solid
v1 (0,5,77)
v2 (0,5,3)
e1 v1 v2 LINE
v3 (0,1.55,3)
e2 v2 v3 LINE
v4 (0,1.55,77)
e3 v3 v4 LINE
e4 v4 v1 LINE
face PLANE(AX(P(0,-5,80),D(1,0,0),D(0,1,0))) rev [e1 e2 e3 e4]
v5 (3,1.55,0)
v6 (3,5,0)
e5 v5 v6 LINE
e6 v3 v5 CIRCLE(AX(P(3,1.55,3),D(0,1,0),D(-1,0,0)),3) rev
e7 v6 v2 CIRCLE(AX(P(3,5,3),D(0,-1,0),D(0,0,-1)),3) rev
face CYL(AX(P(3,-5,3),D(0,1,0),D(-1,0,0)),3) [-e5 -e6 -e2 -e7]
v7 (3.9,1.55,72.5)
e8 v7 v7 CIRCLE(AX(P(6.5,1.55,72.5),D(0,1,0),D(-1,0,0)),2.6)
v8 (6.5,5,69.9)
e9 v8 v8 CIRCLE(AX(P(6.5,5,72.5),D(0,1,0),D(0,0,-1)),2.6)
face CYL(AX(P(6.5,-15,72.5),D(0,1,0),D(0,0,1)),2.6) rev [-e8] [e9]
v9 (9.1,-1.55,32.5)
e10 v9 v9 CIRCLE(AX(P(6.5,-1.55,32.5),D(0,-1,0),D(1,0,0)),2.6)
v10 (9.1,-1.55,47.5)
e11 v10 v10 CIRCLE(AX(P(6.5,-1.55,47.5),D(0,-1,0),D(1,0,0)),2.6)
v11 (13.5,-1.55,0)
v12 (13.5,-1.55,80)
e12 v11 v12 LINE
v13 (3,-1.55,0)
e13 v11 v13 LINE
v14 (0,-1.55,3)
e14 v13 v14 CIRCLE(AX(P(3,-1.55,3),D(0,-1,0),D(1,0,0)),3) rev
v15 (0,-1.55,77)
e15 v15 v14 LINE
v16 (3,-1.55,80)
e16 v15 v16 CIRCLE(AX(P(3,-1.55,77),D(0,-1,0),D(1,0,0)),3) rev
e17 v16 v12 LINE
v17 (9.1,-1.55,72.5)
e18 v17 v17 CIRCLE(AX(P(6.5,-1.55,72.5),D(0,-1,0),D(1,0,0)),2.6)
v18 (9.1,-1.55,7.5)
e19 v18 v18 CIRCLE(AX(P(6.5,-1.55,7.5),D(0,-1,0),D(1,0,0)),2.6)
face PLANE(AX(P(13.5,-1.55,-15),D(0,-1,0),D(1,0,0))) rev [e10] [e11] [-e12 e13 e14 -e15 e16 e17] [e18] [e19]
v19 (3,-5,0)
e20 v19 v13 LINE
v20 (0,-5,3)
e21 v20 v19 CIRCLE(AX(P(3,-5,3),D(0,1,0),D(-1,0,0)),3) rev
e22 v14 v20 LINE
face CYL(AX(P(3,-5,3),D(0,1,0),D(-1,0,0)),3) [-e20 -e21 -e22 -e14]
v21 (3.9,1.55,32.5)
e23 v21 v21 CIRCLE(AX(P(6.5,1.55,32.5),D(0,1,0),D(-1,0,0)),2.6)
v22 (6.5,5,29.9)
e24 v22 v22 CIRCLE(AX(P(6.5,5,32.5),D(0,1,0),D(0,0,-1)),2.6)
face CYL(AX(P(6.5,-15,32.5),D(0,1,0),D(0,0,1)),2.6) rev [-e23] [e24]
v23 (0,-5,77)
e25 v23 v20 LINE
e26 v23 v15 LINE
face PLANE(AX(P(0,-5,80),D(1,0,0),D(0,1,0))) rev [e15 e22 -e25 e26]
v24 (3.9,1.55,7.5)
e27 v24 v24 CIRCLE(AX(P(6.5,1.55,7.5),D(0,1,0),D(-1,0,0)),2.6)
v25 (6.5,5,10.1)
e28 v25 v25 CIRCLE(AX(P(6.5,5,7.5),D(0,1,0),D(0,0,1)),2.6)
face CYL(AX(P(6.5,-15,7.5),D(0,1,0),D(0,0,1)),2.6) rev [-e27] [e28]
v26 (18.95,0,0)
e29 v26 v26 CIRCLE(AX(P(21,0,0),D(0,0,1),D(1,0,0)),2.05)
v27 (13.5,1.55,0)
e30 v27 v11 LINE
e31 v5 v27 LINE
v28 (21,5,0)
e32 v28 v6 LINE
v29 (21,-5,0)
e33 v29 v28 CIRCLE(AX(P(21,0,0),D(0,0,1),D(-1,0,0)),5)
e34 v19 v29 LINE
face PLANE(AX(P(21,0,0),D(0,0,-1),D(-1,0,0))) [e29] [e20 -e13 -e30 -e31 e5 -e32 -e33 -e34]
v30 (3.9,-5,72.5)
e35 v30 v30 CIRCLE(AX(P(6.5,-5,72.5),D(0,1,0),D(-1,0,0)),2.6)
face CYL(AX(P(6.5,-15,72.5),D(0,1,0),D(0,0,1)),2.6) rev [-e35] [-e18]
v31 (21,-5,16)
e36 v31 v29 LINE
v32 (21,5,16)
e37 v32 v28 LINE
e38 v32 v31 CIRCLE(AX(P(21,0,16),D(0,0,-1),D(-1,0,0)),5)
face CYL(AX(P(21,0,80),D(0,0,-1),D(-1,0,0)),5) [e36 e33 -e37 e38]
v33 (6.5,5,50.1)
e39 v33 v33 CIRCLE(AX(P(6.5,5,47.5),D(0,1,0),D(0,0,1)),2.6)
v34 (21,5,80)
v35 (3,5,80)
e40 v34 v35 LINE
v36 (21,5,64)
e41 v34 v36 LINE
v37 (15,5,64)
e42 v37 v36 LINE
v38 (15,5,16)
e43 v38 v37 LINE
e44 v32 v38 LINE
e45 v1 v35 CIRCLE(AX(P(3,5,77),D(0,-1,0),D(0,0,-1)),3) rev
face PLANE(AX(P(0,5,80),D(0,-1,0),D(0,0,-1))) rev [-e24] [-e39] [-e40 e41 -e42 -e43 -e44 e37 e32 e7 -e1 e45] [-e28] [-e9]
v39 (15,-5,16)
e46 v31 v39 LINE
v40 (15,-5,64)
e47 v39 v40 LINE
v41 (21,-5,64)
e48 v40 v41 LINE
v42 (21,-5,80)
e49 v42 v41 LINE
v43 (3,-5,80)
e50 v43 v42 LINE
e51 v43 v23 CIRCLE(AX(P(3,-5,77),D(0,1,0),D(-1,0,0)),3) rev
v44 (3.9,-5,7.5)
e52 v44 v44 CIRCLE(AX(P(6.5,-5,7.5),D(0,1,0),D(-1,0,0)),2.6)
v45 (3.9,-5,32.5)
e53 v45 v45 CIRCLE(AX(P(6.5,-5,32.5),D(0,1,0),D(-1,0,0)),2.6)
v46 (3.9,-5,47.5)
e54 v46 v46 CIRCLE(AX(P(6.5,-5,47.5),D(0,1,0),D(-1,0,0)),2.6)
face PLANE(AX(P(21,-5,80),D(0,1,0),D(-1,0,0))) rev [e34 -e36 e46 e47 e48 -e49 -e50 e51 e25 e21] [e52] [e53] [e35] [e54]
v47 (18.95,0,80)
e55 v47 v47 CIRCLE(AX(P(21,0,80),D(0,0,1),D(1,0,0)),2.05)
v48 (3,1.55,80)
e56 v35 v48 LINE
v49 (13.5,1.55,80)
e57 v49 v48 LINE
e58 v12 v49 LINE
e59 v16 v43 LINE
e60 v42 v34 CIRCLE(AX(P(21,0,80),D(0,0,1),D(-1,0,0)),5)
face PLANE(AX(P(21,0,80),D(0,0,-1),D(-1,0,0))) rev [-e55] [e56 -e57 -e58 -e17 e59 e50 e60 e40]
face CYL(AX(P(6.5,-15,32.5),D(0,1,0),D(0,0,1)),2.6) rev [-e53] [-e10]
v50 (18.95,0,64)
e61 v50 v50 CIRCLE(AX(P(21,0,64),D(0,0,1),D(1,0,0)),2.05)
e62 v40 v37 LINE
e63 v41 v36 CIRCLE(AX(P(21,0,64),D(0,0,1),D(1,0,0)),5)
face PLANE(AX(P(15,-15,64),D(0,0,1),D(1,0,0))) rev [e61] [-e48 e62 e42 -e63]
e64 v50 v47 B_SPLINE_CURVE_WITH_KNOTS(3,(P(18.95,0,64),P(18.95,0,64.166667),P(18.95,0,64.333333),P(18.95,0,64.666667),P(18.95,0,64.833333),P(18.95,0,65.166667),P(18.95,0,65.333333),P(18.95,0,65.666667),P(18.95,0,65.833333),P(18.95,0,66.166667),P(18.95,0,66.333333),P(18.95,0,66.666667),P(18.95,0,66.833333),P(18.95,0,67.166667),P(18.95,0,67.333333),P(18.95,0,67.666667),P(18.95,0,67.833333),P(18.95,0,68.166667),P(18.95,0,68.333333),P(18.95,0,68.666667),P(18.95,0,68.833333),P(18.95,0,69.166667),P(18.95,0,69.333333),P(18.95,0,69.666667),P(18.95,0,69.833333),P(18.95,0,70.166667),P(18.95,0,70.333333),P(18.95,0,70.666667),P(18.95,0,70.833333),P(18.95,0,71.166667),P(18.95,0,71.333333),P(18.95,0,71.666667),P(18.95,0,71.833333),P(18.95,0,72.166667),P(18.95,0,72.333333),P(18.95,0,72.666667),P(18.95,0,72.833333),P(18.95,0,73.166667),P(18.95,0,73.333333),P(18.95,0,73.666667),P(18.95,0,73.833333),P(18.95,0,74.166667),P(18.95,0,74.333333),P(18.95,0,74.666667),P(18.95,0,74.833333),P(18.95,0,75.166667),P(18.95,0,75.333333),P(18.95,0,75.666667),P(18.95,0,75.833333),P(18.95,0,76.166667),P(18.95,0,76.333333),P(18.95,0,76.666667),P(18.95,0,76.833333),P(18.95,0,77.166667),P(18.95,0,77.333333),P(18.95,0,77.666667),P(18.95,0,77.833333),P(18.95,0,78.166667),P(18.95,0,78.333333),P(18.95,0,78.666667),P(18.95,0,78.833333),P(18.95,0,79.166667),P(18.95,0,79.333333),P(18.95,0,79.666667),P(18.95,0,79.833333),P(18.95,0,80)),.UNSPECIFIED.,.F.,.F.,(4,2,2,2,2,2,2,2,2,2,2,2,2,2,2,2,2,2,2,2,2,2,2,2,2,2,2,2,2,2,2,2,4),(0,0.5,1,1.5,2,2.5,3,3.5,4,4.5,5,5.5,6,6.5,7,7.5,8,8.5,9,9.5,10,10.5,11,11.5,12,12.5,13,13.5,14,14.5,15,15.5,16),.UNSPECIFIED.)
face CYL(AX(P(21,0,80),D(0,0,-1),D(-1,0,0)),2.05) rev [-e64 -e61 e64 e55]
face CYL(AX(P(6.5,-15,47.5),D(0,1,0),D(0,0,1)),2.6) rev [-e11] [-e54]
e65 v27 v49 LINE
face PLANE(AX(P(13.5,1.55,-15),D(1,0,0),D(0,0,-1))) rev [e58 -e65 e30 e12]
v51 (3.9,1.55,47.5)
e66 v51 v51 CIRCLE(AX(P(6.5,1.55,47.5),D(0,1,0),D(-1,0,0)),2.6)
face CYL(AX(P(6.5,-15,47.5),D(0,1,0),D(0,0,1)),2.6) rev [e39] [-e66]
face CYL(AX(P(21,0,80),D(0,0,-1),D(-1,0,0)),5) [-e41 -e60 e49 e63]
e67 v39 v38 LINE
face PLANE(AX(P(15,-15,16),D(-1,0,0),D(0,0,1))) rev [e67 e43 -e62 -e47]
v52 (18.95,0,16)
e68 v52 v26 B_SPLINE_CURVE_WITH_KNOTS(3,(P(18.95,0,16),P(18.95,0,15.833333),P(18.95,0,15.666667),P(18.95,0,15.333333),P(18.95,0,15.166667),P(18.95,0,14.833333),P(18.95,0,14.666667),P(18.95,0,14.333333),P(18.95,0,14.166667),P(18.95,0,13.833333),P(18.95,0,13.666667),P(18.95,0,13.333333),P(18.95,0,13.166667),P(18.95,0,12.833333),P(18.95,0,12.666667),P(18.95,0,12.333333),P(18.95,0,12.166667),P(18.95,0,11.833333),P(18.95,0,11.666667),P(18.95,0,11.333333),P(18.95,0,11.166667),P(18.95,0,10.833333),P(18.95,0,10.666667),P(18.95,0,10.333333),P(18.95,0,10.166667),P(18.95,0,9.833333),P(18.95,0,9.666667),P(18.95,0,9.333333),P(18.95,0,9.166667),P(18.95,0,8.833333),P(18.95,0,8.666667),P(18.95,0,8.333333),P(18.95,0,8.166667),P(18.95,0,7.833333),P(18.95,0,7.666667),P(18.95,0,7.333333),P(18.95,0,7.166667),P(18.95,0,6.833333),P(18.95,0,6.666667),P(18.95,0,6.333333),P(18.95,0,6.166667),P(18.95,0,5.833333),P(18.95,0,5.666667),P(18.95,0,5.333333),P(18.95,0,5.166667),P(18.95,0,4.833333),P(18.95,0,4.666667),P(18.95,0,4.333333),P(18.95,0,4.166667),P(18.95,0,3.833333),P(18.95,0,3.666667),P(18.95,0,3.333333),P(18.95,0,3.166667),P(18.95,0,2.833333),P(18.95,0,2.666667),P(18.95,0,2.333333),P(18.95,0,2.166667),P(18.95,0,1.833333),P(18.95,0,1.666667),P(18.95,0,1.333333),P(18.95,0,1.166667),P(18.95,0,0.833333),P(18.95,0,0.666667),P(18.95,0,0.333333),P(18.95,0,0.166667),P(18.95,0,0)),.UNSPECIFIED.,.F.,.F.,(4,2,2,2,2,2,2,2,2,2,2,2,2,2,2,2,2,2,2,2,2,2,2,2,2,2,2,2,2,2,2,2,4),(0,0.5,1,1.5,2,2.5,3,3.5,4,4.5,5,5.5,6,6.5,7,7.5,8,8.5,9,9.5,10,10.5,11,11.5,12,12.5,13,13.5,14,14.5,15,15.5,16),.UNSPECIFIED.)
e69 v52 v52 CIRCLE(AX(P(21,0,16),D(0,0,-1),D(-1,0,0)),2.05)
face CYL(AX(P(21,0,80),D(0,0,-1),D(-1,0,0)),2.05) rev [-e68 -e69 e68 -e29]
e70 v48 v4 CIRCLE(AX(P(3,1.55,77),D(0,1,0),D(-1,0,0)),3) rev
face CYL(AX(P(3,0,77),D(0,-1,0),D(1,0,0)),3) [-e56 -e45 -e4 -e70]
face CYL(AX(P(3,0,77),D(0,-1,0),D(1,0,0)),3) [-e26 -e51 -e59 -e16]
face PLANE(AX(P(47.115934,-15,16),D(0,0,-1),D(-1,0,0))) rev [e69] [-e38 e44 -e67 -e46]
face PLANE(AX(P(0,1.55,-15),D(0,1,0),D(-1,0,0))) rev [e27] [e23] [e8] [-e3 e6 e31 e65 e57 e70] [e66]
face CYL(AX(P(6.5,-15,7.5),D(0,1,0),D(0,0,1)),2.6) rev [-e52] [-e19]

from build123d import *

# Parameters (mm, degrees)
SKETCH_1_R          = 2.05
EXTRUDE_1_DEPTH     = 80
SKETCH_2_W          = 13.5
SKETCH_2_H          = 3.1
CUT_EXTRUDE_1_DEPTH = 95
SKETCH_4_R          = 2.6
CUT_EXTRUDE_2_DEPTH = 20
SKETCH_5_W          = 32.115933716
SKETCH_5_H          = 48
CUT_EXTRUDE_5_DEPTH = 20
FILLET_1_R          = 3


with BuildPart() as part:
    # 草图1 → 凸台-拉伸1 (new body)
    with BuildSketch(Plane.XY):
        with BuildLine():
            Line((0, 5), (21, 5))
            ThreePointArc((21, 5), (26, 0), (21, -5))
            Line((21, -5), (0, -5))
            Line((0, -5), (0, 5))
        make_face()
        with Locations(Location((21, 0, 0), (0, 0, 180))):
            Circle(SKETCH_1_R, mode=Mode.SUBTRACT)
    extrude(amount=EXTRUDE_1_DEPTH)

    # 草图2 → 切除-拉伸1 (cut)
    with BuildSketch(Plane.XY.offset(80)):
        with Locations((6.75, 0)):
            Rectangle(SKETCH_2_W, SKETCH_2_H)
    extrude(amount=-CUT_EXTRUDE_1_DEPTH, mode=Mode.SUBTRACT)

    # 草图4 → 切除-拉伸2 (cut)
    with BuildSketch(Plane(origin=(0, 5, 0), x_dir=(1, 0, 0), z_dir=(0, 1, 0))):
        with Locations((6.5, -32.5)):
            Circle(SKETCH_4_R)
        with Locations((6.5, -7.5)):
            Circle(SKETCH_4_R)
        with Locations((6.5, -72.5)):
            Circle(SKETCH_4_R)
        with Locations((6.5, -47.5)):
            Circle(SKETCH_4_R)
    extrude(amount=-CUT_EXTRUDE_2_DEPTH, mode=Mode.SUBTRACT)

    # 草图5 → 切除-拉伸5 (cut)
    with BuildSketch(Plane(origin=(0, 5, 0), x_dir=(1, 0, 0), z_dir=(0, 1, 0))):
        with Locations((31.057966858, -40)):
            Rectangle(SKETCH_5_W, SKETCH_5_H)
    extrude(amount=-CUT_EXTRUDE_5_DEPTH, mode=Mode.SUBTRACT)

    # 圆角1
    fillet_1_edges = [part.edges().sort_by_distance(p)[0] for p in [
        (0, -3.275, 0),
        (0, -3.275, 80),
        (0, 3.275, 80),
        (0, 3.275, 0),
    ]]
    fillet(fillet_1_edges, radius=FILLET_1_R)


solid = part.part
